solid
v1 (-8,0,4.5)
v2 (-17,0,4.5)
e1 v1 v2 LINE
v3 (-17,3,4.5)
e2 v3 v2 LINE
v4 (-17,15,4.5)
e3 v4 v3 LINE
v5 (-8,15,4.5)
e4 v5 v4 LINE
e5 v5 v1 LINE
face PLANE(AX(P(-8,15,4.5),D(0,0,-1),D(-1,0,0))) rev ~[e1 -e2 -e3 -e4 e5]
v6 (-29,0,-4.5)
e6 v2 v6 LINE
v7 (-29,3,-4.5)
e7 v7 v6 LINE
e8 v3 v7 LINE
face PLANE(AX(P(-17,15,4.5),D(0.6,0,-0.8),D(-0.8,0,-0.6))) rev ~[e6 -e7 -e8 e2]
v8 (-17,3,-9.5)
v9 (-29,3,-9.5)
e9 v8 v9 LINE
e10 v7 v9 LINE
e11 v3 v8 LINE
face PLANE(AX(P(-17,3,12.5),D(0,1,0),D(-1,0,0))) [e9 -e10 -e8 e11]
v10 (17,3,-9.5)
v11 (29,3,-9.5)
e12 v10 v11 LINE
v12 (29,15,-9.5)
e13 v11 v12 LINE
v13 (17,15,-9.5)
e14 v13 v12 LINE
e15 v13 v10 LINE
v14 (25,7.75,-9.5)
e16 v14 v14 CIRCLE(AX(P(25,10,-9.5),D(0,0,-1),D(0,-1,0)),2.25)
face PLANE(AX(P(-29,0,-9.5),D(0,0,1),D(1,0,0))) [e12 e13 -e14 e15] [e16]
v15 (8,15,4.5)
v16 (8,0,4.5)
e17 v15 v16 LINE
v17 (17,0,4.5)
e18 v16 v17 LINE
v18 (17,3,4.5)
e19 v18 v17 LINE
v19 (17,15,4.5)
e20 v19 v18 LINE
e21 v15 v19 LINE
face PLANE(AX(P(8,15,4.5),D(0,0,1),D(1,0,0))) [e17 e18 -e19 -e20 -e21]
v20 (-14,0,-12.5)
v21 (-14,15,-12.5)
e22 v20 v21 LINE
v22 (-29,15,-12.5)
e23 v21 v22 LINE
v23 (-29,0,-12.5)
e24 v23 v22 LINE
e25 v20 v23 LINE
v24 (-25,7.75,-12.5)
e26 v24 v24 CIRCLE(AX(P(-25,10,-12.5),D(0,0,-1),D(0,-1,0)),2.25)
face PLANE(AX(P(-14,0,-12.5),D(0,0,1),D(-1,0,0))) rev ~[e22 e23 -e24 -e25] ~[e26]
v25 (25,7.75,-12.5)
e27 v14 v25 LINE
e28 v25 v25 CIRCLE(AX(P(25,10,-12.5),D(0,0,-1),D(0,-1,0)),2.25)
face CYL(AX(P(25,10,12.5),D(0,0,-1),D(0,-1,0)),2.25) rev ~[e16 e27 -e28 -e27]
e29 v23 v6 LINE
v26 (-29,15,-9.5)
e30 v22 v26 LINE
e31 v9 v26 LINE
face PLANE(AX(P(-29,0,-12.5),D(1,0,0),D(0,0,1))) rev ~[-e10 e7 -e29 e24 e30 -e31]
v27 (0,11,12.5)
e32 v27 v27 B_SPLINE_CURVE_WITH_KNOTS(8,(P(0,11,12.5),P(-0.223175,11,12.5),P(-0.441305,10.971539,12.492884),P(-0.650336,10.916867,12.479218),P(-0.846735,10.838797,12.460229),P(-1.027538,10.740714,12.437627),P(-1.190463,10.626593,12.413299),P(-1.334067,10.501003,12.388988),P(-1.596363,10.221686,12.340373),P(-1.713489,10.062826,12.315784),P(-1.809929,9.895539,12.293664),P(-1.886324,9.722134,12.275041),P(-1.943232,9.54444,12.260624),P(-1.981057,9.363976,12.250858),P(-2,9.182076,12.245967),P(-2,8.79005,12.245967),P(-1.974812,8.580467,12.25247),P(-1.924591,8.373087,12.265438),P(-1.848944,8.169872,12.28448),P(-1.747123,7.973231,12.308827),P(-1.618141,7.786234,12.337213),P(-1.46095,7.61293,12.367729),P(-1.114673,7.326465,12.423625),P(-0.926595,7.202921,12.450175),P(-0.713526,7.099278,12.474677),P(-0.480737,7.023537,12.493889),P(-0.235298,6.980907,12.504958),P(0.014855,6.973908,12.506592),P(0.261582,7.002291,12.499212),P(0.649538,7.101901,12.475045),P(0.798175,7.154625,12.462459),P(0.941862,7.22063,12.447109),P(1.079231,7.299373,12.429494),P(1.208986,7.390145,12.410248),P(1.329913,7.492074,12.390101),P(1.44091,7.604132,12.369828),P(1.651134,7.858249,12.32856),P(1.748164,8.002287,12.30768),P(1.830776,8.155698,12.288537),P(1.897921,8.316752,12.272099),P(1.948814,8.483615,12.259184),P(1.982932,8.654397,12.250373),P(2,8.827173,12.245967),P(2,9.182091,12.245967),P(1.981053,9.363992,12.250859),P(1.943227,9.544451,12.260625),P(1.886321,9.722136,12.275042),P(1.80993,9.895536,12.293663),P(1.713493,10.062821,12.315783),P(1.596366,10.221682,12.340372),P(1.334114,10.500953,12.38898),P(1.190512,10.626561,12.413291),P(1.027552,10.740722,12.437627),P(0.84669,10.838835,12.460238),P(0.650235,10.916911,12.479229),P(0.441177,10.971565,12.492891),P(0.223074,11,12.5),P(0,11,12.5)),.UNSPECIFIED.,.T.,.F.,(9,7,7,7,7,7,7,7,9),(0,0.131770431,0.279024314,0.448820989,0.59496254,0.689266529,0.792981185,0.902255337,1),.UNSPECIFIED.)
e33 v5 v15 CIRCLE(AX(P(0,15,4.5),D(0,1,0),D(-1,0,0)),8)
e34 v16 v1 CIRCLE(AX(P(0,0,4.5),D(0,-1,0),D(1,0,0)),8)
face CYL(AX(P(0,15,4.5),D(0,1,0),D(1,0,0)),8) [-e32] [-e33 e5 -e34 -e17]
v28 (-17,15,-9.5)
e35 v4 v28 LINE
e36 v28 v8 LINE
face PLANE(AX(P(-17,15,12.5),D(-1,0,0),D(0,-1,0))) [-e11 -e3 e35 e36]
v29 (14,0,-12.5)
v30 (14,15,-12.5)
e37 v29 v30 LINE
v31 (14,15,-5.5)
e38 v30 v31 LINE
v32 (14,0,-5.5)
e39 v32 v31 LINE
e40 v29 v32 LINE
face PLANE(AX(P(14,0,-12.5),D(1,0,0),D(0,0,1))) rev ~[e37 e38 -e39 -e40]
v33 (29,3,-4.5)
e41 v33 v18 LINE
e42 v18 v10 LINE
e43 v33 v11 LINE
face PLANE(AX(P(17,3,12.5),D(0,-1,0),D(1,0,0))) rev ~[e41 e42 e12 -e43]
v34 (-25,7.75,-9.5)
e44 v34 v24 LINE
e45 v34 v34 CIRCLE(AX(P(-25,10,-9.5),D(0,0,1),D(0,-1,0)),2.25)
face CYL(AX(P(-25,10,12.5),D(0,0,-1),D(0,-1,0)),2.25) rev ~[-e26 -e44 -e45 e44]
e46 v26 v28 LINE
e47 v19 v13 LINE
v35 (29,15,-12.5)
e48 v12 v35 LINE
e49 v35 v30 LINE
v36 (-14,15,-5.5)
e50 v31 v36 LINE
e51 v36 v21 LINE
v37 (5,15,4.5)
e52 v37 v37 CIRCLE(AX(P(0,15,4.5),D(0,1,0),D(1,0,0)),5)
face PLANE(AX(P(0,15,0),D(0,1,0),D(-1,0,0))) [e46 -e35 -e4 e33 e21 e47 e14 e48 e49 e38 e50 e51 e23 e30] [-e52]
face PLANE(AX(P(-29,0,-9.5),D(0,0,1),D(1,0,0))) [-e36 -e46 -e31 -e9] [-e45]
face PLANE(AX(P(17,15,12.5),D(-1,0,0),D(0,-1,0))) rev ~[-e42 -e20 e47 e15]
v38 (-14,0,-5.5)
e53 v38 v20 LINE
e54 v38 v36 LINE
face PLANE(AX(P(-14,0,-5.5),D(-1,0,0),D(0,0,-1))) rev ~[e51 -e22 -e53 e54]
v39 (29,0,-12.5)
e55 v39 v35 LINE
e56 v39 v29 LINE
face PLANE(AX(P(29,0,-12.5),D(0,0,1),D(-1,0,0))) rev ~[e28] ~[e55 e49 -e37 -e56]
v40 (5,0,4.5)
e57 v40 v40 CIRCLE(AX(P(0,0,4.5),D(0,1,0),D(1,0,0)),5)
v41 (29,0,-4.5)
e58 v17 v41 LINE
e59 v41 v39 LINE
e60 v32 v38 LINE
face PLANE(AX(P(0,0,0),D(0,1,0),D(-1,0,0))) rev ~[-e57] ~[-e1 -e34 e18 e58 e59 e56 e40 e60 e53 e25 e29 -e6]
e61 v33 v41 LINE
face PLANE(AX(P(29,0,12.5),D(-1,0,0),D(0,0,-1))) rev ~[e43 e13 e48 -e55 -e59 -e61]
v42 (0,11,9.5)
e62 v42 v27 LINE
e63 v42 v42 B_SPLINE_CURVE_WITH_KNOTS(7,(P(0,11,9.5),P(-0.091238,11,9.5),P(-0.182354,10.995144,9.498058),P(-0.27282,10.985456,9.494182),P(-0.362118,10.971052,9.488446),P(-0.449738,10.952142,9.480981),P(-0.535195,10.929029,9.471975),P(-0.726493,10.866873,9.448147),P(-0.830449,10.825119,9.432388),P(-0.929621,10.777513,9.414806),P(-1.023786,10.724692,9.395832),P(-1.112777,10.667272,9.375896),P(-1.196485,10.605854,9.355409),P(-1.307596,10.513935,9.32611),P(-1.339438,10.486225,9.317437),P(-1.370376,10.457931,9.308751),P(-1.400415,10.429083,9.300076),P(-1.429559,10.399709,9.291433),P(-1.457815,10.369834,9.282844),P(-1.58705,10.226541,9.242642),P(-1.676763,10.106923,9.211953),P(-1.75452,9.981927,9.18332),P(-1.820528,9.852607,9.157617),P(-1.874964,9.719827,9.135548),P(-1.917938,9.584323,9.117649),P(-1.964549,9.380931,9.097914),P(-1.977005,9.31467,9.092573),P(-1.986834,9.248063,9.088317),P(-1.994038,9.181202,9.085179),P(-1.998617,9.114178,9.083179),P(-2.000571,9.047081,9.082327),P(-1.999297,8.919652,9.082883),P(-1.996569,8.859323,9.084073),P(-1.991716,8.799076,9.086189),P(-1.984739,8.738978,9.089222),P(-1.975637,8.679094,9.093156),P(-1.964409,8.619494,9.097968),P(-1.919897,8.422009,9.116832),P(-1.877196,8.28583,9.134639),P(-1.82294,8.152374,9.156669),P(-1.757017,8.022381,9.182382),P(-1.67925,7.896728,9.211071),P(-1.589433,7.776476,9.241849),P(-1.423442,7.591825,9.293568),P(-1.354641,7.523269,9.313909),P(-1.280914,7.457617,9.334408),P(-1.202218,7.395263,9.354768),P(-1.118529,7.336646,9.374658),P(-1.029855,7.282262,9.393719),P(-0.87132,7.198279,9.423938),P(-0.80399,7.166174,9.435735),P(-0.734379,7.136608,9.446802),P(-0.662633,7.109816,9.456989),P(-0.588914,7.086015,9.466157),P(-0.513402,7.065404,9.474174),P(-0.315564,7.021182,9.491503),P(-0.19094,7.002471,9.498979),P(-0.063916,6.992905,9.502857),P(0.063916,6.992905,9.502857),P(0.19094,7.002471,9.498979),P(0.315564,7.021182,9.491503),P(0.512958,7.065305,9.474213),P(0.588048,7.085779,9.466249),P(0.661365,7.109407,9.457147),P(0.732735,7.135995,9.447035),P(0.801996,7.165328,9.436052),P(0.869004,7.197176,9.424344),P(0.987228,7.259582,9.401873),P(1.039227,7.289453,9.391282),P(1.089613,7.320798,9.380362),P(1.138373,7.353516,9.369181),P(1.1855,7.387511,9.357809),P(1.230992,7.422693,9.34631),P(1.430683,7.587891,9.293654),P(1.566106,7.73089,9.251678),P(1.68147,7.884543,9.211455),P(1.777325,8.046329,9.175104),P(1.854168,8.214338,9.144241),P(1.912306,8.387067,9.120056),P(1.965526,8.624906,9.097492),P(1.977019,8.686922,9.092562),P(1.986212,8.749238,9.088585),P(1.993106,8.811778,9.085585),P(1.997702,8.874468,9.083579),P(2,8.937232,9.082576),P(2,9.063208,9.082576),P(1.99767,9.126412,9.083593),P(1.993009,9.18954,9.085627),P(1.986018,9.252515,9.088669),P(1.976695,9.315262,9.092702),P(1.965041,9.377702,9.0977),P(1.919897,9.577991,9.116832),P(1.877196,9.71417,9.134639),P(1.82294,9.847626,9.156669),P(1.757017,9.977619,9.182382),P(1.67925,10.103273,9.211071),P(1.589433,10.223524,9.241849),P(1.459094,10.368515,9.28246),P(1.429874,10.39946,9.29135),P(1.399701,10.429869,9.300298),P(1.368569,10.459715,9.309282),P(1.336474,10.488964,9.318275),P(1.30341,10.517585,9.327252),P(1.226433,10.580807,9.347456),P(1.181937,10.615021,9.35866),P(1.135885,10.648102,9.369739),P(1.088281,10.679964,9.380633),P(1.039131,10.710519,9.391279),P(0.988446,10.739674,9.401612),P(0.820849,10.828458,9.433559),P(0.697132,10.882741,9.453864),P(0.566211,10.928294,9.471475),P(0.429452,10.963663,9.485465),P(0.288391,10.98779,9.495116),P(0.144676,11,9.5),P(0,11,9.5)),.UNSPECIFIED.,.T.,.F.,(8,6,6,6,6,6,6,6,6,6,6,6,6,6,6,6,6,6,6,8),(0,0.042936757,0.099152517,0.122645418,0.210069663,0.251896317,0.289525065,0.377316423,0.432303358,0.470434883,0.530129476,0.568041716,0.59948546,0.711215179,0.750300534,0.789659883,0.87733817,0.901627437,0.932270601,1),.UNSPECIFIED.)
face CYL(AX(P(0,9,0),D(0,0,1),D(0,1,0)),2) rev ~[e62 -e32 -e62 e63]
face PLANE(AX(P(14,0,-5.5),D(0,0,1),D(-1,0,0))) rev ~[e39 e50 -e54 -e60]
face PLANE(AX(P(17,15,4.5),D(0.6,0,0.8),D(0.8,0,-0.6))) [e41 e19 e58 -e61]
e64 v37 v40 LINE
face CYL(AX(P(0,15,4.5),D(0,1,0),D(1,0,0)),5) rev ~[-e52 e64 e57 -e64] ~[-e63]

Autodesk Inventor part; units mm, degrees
ref_plane "YZ Plane" through (0, 0, 0) normal (1, 0, 0) x (0, 1, 0)
ref_plane "XZ Plane" through (0, 0, 0) normal (0, 1, 0) x (-1, 0, 0)
ref_plane "XY Plane" through (0, 0, 0) normal (0, 0, 1) x (1, 0, 0)
sketch "Sketch1" plane through (0, 0, 0) normal (0, 1, 0) x (-1, 0, 0)
  line L0 (14, -12.5) -> (29, -12.5)
  line L1 (29, -12.5) -> (29, 12.5)
  line L2 (-29, 12.5) -> (-29, -12.5)
  line L3 (-29, -12.5) -> (-14, -12.5)
  line L4 (-14, -12.5) -> (-14, -5.5)
  line L5 (-14, -5.5) -> (14, -5.5)
  line L6 (14, -5.5) -> (14, -12.5)
  line L7 (29, 12.5) -> (-29, 12.5)
  point P0 (0, 0)
  point P1 (-29, 0)
  point P2 (0, -5.5)
  dimension "d0" = 28
  dimension "d1" = 15
  dimension "d2" = 7
  dimension "d3" = 25
extrude "Extrusion1" add sketch "Sketch1" along normal blind 15
sketch "Sketch2" plane through (-29, 0, 12.5) normal (0, 0, 1) x (1, 0, 0)
  line L0 (0, 0) -> (58, 0) projected
  line L1 (58, 0) -> (58, 15) projected
  line L2 (0, 15) -> (58, 15) projected
  line L3 (0, 0) -> (0, 15) projected
  point P0 (29, 0)
  point P1 (4, 10)
  point P2 (54, 10)
  dimension "d6" = 4
  dimension "d7" = 4
  dimension "d8" = 10
hole "Hole1" at (-25, 10, 12.5) at (25, 10, 12.5) direction (0, 0, -1) diameter 4.5 end through all
sketch "Sketch3" plane through (-29, 0, 12.5) normal (0, 0, 1) x (1, 0, 0)
  circle A0 centre (54, 10) radius 2.25 projected
  circle A1 centre (4, 10) radius 2.25 projected
  line L0 (0, 0) -> (58, 0) projected
  line L1 (58, 0) -> (58, 15) projected
  line L2 (0, 15) -> (58, 15) projected
  line L3 (0, 0) -> (0, 15) projected
  line L4 (12, 15) -> (12, 3)
  line L5 (12, 3) -> (0, 3)
  line L6 (58, 15) -> (43, 15) projected
  line L7 (46, 15) -> (46, 3)
  line L8 (46, 3) -> (58, 3)
  point P0 (29, 0)
  point P1 (15, 15)
  dimension "d16" = 3
  dimension "d17" = 3
  dimension "d18" = 3
extrude "Extrusion2" cut sketch "Sketch3" against normal blind 22 contours L3 L2 L4 L5 | L8 L7 L2 L1
sketch "Sketch4" plane through (0, 15, 0) normal (0, 1, 0) x (1, 0, 0)
  circle A0 centre (0, -4.5) radius 5
  line L0 (14, 5.5) -> (-14, 5.5) projected
  point P0 (0, 0)
  dimension "d21" = 10
  dimension "d22" = 10
extrude "Extrusion3" cut sketch "Sketch4" against normal through all
sketch "Sketch5" plane through (0, 15, 0) normal (0, 1, 0) x (1, 0, 0)
  circle A0 centre (0, -4.5) radius 5 projected
  circle A1 centre (0, -4.5) radius 8
  line L0 (-8, -4.5) -> (-17, -4.5)
  line L1 (-17, -4.5) -> (-29, 4.5)
  line L2 (-29, 12.5) -> (-29, -12.5) projected
  line L3 (8, -4.5) -> (17, -4.5)
  line L4 (17, -12.5) -> (17, 9.5) projected
  line L5 (17, -4.5) -> (29, 4.5)
  line L6 (29, -12.5) -> (29, 12.5) projected
  line L7 (17, 9.5) -> (29, 9.5) projected
  line L8 (-29, 9.5) -> (-17, 9.5) projected
  line L9 (-17, -12.5) -> (17, -12.5) projected
  line L10 (-17, -12.5) -> (-29, -12.5) projected
  line L11 (-17, -12.5) -> (-17, 9.5) projected
  line L12 (-17, 9.5) -> (-29, 9.5) projected
  line L13 (-29, -12.5) -> (-29, 9.5) projected
  line L14 (29, -12.5) -> (17, -12.5) projected
  line L15 (29, 9.5) -> (29, -12.5) projected
  line L16 (29, 9.5) -> (17, 9.5) projected
  line L17 (17, -12.5) -> (17, 9.5) projected
  point P0 (0, 0)
  point P1 (-29, -12.5)
  point P2 (0, -12.5)
  dimension "d25" = 3
  dimension "d26" = 5
  dimension "d27" = 5
  dimension "d28" = 8
  dimension "d29" = 8
extrude "Extrusion4" cut sketch "Sketch5" against normal through all contours L3 L4 L9 A1 | A1 L9 L11 L0 | L5 L6 L14 L4 | L11 L10 L2 L1
sketch "Sketch6" plane through (0, 0, 0) normal (0, 0, 1) x (1, 0, 0)
  line L0 (17, 3) -> (17, 15) projected
  point P0 (0, 0)
  point P1 (0, 9)
  point P2 (17, 9)
hole "Hole2" at (0, 9, 0) direction (0, 0, 1) diameter 4 end through all
equation "\"d7\" = d6"
equation "\"d27\" = d26"
equation "\"d29\" = d28"
properties part number "Pen Holder"
